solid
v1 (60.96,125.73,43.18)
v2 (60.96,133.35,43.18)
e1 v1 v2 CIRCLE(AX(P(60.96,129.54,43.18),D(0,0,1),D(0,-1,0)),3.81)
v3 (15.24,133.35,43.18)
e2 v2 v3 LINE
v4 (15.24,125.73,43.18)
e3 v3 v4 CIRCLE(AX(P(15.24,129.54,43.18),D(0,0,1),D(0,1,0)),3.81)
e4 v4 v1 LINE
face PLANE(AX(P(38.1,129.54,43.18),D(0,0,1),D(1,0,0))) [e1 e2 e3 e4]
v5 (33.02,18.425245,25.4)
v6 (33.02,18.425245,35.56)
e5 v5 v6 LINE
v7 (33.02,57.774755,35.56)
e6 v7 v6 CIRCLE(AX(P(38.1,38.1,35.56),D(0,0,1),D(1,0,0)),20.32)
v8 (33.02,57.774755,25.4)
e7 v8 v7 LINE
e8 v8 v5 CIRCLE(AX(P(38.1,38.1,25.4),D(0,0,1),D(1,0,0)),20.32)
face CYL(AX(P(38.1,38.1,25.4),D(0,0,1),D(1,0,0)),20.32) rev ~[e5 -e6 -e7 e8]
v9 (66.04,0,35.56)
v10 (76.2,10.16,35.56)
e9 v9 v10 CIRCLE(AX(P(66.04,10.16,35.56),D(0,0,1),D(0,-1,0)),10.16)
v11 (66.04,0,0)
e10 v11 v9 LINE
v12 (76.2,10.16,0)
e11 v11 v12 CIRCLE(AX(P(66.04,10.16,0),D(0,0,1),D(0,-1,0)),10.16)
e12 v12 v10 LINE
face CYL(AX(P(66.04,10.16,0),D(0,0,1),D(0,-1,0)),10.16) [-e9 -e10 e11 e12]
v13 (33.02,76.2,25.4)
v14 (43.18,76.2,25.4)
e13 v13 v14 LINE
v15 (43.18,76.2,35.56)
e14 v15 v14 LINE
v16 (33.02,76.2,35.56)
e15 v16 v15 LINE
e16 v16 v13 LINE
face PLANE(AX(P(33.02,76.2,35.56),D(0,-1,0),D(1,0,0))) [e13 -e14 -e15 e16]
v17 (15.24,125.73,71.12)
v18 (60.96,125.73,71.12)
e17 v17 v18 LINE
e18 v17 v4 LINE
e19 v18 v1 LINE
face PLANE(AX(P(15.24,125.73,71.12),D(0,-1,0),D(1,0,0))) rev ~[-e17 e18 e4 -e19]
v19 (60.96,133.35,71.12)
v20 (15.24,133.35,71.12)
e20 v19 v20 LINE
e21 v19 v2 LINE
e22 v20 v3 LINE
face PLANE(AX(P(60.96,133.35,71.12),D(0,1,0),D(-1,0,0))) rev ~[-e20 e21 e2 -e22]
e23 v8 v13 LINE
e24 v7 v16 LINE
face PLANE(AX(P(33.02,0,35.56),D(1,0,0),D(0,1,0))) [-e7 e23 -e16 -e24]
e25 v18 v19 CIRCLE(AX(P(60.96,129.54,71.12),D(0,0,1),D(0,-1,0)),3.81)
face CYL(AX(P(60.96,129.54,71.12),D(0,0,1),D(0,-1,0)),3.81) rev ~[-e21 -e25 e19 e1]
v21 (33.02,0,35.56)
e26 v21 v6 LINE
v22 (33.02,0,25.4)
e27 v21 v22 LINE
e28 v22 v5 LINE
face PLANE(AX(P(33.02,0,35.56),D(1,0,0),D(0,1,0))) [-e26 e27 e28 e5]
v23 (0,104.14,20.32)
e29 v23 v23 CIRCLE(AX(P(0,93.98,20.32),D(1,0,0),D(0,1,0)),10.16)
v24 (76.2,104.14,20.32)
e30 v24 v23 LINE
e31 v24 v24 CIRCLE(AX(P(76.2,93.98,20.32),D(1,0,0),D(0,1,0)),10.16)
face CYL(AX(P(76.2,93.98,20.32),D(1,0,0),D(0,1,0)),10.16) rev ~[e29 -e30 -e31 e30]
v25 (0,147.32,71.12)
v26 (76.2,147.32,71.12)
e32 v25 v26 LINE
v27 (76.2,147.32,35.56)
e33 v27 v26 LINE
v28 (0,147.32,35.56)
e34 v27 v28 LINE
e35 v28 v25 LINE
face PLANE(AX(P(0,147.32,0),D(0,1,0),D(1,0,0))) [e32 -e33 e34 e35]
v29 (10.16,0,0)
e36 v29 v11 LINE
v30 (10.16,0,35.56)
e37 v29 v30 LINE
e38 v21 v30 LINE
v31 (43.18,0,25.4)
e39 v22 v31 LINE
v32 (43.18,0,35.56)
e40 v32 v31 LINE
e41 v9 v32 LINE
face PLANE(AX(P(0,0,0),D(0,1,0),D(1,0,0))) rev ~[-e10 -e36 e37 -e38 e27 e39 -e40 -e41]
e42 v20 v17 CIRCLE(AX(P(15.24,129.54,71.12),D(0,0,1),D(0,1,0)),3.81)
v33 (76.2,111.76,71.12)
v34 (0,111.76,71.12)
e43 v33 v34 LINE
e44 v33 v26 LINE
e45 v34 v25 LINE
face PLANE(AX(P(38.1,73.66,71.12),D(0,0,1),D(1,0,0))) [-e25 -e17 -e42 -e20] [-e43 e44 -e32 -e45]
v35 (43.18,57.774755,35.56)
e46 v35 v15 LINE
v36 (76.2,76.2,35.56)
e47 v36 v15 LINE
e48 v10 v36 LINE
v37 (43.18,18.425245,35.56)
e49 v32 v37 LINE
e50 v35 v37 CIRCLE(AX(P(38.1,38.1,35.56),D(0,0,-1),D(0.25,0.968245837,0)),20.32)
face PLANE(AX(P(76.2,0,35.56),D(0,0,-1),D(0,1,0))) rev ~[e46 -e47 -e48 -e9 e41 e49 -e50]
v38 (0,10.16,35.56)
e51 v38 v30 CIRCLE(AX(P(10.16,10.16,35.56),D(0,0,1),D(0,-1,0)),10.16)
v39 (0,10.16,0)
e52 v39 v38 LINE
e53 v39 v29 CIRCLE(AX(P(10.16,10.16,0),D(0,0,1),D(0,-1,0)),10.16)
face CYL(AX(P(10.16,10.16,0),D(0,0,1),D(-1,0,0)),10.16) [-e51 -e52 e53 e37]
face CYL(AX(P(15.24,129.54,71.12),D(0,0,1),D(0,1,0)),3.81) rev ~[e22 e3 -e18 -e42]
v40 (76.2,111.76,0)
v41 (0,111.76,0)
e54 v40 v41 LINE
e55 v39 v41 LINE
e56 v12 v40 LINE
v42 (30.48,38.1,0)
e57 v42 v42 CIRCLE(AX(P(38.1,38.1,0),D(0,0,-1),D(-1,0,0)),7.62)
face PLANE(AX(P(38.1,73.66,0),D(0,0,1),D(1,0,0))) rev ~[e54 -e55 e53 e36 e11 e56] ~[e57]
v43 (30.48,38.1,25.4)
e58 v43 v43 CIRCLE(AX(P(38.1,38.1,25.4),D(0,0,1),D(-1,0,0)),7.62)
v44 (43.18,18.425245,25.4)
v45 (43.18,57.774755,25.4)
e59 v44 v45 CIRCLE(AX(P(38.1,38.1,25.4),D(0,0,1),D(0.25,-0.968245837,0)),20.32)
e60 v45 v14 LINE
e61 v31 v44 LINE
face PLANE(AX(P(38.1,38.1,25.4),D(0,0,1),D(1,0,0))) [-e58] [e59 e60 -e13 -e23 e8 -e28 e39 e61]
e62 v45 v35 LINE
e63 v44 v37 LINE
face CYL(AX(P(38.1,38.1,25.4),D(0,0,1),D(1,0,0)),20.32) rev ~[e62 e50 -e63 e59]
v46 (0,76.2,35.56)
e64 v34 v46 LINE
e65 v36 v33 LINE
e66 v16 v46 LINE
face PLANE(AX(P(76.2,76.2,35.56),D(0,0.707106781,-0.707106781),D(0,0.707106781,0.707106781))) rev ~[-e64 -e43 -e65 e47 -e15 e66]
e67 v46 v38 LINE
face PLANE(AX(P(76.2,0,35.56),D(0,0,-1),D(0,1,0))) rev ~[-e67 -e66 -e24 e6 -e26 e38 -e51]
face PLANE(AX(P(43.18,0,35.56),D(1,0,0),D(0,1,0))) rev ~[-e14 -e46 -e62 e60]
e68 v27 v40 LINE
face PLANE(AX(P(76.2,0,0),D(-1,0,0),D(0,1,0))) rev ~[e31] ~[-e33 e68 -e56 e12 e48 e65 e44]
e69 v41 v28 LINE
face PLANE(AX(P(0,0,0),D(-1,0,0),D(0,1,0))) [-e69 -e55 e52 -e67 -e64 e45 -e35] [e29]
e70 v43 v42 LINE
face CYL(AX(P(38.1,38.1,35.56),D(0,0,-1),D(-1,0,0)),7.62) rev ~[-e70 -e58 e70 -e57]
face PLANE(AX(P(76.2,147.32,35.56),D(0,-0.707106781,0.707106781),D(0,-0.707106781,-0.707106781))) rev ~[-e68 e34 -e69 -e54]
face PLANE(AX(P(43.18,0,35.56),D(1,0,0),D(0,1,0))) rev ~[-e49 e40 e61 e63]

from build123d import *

# Parameters (mm, degrees)
F0_W           = 76.2
F0_H           = 147.32
F1_DEPTH       = 71.12
F3_DEPTH       = 76.201
F4_R           = 10.16
F2_R           = 10.16
F6_DEPTH       = 76.201
F8_D           = 15.24
F8_CBORE_D     = 40.64
F8_CBORE_DEPTH = 10.16
F9_DEPTH       = 27.94
F7_W           = 10.16
F7_H           = 76.2
F10_DEPTH      = 10.16


with BuildPart() as f1:
    # F0 (on Top) → F1 (new body)
    with BuildSketch(Plane.XY):
        with Locations((38.1, 73.66)):
            Rectangle(F0_W, F0_H)
    extrude(amount=F1_DEPTH)

    # F2 (on face) → F3 (cut, through all)
    with BuildSketch(Plane.YZ.offset(76.2)):
        Polygon((0, 71.12), (0, 35.56), (76.2, 35.56), (111.76, 71.12), align=None)
        Polygon((147.32, 35.56), (111.76, 0), (147.32, 0), align=None)
    extrude(amount=-F3_DEPTH, mode=Mode.SUBTRACT)

    # F4
    f4_edges = [f1.edges().sort_by_distance(p)[0] for p in [
        (76.2, 0, 17.78),
        (0, 0, 17.78),
    ]]
    fillet(f4_edges, radius=F4_R)

    # F2 (on face) → F6 (cut, through all)
    with BuildSketch(Plane.YZ.offset(76.2)):
        with Locations((93.98, 20.32)):
            Circle(F2_R)
        Polygon((147.32, 35.56), (111.76, 0), (147.32, 0), align=None)
        Polygon((0, 71.12), (0, 35.56), (76.2, 35.56), (111.76, 71.12), align=None)
    extrude(amount=-F6_DEPTH, mode=Mode.SUBTRACT)

    # F8 (through all)
    with Locations(Plane.XY.offset(35.56)):
        with Locations((38.1, 38.1)):
            CounterBoreHole(F8_D / 2, F8_CBORE_D / 2, F8_CBORE_DEPTH)

    # F5 (on face) → F9 (cut)
    with BuildSketch(Plane.XY.offset(71.12)):
        with BuildLine():
            ThreePointArc((15.24, 133.35), (11.43, 129.54), (15.24, 125.73))
            Line((15.24, 125.73), (60.96, 125.73))
            ThreePointArc((60.96, 125.73), (64.77, 129.54), (60.96, 133.35))
            Line((60.96, 133.35), (15.24, 133.35))
        make_face()
    extrude(amount=-F9_DEPTH, mode=Mode.SUBTRACT)

    # F7 (on face) → F10 (cut)
    with BuildSketch(Plane.XY.offset(35.56)):
        with Locations((38.1, 38.1)):
            Rectangle(F7_W, F7_H)
    extrude(amount=-F10_DEPTH, mode=Mode.SUBTRACT)


solid = f1.part
